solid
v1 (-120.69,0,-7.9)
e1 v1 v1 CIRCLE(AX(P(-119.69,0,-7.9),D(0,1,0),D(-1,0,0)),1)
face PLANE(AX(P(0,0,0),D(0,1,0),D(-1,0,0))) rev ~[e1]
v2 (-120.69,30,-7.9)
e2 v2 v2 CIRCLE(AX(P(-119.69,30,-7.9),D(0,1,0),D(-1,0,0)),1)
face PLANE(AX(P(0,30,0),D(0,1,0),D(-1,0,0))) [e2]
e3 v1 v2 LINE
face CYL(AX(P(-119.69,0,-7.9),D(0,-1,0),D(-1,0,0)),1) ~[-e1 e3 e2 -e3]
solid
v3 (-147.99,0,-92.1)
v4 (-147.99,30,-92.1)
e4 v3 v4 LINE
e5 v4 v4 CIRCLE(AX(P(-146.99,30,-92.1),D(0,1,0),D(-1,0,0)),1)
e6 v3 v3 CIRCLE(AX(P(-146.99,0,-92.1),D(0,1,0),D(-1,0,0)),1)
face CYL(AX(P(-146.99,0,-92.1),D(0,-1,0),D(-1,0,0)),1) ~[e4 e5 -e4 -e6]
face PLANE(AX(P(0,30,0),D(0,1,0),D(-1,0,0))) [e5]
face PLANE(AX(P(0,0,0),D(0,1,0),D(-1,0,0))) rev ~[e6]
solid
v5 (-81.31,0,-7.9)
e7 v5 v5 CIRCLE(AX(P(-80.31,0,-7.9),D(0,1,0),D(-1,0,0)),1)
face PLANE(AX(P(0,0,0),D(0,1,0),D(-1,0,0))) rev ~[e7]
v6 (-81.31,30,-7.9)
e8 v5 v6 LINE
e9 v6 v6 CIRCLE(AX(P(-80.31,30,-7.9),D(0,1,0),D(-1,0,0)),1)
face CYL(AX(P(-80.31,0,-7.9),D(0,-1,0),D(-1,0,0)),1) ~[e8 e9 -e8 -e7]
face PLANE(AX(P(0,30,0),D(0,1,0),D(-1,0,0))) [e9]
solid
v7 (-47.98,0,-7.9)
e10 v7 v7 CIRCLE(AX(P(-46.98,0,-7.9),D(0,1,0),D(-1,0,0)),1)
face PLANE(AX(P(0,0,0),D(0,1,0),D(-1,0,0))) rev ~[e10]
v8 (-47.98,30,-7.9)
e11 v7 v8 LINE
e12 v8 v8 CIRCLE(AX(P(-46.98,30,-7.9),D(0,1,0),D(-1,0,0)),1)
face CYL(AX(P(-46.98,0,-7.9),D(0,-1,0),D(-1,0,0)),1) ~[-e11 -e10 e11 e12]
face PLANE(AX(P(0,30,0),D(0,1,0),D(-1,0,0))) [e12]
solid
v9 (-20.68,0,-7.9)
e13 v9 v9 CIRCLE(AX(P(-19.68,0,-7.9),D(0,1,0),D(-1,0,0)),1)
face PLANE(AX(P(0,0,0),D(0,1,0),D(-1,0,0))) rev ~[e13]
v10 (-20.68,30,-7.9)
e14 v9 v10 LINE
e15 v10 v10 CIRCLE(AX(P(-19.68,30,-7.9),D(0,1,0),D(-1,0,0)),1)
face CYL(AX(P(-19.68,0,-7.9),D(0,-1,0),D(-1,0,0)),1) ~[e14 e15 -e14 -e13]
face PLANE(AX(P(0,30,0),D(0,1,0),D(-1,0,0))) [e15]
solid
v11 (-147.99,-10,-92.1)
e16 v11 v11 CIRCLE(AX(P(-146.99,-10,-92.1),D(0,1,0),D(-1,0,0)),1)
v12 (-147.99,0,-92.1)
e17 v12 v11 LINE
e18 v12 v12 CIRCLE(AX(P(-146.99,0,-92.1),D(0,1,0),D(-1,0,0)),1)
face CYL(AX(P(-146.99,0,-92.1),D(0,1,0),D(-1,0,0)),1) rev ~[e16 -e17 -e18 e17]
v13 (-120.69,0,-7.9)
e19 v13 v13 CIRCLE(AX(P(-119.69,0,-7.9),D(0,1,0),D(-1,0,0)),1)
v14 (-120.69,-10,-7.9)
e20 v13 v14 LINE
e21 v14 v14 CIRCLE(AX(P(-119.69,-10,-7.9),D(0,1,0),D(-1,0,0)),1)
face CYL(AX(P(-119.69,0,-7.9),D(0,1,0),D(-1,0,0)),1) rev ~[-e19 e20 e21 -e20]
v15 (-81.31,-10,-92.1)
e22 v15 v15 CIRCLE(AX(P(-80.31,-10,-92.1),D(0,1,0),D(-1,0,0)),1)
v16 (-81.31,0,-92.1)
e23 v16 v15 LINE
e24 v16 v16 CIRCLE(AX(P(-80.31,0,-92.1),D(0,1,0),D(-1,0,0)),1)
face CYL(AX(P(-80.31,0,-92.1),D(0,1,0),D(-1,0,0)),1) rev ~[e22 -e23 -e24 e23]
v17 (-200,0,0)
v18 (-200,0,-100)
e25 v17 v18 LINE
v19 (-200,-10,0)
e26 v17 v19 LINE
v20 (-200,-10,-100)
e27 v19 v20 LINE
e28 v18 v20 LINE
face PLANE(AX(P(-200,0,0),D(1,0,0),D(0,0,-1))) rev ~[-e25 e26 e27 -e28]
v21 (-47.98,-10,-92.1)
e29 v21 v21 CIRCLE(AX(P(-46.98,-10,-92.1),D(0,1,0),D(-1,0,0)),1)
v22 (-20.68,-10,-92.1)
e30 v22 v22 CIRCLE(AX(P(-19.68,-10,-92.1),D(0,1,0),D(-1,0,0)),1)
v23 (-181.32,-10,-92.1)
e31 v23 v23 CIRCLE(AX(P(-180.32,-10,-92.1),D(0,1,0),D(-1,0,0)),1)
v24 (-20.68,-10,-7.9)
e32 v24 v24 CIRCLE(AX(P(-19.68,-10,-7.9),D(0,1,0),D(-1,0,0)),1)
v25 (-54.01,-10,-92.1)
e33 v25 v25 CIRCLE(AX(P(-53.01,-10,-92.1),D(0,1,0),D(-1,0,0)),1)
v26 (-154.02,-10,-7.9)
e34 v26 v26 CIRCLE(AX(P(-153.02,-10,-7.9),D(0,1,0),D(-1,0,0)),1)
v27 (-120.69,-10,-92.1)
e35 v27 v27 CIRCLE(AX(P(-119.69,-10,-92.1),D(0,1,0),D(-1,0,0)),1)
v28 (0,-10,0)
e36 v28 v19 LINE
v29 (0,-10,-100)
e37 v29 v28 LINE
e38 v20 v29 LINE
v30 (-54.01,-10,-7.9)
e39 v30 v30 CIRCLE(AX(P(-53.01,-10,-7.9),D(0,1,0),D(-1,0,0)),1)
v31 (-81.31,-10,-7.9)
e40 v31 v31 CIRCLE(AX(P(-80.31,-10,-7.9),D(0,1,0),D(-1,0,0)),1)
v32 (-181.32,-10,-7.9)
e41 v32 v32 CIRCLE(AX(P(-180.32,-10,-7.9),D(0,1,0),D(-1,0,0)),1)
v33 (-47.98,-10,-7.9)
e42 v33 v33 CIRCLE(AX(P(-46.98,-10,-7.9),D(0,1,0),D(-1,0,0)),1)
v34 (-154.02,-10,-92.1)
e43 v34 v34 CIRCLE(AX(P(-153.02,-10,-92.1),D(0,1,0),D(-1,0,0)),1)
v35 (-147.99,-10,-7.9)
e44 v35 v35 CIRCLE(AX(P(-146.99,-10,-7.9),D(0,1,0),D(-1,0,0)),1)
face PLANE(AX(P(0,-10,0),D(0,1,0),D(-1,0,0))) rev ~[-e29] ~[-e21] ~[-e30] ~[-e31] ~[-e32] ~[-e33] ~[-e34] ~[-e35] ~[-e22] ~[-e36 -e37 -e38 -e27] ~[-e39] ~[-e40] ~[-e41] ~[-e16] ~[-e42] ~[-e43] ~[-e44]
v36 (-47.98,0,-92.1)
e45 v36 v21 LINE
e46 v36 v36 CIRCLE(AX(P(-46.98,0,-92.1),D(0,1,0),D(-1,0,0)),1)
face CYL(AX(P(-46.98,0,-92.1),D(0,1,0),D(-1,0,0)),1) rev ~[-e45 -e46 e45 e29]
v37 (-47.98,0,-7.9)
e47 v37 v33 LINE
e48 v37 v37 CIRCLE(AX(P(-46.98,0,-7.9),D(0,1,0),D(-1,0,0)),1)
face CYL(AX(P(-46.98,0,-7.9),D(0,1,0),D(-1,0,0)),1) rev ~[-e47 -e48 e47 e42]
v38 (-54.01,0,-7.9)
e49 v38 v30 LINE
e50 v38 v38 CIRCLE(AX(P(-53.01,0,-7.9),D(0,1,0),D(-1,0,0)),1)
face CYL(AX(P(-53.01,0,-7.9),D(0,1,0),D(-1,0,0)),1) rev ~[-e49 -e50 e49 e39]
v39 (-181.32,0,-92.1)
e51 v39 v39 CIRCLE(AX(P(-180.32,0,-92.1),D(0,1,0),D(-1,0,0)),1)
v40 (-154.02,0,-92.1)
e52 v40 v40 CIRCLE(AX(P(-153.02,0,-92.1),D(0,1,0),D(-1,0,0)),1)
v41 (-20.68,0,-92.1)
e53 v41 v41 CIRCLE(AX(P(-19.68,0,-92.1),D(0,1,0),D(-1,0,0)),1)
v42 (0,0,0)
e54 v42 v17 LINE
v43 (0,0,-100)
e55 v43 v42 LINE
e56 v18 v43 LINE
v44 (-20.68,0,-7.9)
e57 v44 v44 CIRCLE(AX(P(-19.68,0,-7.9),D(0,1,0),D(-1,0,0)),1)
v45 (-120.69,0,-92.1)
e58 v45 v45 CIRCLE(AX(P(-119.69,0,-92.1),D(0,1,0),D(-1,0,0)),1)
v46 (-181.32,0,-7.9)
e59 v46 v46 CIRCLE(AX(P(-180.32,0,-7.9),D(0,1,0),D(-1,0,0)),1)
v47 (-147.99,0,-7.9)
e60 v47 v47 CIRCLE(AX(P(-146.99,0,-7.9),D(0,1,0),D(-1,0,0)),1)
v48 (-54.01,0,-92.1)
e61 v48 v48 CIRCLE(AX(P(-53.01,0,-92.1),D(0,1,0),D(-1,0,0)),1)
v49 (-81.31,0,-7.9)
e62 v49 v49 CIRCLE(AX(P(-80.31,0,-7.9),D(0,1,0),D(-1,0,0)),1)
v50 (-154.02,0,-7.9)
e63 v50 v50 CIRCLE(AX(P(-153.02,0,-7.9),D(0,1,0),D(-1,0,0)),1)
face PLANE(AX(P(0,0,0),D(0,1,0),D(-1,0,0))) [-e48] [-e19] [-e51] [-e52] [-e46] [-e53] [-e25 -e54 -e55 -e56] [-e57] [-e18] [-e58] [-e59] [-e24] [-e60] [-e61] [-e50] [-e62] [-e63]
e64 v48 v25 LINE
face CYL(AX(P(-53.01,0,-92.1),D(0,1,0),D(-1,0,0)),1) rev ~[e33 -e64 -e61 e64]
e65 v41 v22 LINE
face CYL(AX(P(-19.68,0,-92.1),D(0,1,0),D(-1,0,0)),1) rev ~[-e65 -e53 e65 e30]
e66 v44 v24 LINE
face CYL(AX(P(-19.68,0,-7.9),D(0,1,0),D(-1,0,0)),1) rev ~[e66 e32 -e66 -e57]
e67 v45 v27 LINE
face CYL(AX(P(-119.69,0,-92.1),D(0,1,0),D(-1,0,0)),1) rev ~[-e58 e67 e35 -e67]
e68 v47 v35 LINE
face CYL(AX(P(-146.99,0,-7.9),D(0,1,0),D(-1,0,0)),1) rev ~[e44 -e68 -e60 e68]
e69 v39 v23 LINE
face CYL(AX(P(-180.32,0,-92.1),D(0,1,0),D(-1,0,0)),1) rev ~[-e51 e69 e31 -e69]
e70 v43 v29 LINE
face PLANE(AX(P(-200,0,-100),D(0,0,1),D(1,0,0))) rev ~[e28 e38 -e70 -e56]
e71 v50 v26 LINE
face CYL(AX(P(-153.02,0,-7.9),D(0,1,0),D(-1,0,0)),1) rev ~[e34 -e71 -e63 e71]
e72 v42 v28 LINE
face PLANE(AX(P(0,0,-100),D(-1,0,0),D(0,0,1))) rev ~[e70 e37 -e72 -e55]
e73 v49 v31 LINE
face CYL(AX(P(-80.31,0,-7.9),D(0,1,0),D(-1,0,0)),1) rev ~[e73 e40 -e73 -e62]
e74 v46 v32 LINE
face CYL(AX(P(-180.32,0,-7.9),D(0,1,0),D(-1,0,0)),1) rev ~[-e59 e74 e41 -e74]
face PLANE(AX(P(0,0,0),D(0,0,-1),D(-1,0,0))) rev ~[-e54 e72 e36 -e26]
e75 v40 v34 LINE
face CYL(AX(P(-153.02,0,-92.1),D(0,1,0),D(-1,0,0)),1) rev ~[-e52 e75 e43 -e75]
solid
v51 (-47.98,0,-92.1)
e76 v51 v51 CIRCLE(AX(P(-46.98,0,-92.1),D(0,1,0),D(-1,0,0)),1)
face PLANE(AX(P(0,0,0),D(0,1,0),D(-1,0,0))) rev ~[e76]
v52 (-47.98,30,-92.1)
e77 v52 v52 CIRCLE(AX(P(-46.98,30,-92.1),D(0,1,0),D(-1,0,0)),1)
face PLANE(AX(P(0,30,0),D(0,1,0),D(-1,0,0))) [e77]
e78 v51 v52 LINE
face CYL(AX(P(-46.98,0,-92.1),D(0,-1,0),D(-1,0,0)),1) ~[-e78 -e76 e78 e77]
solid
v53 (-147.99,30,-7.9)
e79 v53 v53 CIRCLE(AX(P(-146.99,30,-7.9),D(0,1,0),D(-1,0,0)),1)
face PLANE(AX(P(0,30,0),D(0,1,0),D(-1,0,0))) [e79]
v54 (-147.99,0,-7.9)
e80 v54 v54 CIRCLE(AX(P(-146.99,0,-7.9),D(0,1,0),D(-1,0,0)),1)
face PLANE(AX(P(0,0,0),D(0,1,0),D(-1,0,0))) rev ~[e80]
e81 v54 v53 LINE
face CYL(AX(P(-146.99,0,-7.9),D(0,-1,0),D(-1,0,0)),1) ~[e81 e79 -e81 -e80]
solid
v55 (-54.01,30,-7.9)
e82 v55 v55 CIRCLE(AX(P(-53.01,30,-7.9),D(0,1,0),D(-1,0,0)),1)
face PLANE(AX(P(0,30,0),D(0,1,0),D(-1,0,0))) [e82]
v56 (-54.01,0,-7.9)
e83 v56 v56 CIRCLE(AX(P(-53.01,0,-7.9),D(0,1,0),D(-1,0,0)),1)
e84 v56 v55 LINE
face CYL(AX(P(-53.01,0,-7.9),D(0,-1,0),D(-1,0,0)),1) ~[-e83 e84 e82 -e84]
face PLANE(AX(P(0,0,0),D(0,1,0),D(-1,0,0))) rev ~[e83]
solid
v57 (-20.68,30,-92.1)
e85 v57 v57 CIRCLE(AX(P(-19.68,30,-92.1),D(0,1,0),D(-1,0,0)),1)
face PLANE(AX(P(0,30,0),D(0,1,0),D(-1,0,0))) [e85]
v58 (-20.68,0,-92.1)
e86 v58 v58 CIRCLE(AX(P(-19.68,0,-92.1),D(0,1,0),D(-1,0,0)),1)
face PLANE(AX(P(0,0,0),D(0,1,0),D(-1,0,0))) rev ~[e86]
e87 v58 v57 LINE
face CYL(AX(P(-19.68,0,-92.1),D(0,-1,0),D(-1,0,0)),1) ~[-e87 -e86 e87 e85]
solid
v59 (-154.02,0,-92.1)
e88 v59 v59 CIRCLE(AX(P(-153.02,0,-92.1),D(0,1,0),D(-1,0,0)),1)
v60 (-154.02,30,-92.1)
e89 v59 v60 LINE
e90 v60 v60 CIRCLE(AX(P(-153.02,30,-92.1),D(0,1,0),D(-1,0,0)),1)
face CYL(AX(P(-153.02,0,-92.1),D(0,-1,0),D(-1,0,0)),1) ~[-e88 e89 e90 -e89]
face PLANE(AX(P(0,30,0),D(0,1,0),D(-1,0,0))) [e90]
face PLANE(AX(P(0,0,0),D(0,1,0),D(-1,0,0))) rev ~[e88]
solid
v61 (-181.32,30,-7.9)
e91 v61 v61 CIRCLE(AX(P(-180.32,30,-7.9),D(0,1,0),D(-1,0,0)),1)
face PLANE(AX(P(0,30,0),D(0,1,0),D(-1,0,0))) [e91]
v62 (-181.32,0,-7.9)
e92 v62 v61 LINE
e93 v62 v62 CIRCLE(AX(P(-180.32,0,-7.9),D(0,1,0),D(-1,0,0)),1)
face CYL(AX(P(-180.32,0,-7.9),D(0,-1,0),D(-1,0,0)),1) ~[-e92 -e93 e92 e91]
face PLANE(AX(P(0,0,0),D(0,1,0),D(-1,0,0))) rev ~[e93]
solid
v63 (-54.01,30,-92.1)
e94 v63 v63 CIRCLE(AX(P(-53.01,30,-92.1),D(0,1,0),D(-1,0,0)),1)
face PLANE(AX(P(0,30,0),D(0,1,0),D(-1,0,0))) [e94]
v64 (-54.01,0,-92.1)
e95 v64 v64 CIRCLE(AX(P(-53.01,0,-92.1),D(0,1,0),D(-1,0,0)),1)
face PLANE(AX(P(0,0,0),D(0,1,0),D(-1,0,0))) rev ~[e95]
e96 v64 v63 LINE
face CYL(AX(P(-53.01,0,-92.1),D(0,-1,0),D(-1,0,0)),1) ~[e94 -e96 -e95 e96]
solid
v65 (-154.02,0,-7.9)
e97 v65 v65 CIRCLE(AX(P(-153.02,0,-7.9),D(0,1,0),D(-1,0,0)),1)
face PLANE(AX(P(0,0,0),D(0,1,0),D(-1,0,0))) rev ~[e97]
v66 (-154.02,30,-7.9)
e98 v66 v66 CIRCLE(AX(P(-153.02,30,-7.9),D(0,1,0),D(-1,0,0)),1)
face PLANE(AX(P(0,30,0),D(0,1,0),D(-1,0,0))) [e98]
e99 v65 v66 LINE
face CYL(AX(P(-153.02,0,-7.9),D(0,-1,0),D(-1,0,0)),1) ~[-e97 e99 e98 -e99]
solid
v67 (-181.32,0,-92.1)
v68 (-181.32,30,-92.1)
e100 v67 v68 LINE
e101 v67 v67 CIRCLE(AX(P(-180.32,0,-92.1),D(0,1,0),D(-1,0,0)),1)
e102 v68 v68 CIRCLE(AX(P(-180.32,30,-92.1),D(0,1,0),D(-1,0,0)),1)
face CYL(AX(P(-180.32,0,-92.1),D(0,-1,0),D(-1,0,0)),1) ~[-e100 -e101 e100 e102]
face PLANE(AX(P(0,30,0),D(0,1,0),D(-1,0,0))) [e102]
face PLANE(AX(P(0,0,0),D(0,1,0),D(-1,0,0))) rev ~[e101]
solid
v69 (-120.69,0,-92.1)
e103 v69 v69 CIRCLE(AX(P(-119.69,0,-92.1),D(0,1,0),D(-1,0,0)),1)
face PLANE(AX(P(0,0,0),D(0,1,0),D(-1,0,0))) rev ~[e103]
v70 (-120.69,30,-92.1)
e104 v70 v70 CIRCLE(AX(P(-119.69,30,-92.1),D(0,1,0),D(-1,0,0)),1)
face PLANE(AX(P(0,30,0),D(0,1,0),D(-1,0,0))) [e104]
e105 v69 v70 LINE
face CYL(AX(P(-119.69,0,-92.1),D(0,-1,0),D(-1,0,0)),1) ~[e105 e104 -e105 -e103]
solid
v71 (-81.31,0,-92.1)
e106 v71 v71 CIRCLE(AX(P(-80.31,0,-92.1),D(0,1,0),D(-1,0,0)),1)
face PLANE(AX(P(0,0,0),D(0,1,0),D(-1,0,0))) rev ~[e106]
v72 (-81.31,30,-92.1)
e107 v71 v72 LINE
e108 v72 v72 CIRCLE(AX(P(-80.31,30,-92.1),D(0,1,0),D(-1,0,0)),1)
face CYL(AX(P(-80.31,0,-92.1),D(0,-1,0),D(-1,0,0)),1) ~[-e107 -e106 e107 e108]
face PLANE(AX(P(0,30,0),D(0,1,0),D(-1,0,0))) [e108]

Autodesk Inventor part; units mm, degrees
ref_plane "YZ Plane" through (0, 0, 0) normal (1, 0, 0) x (0, 1, 0)
ref_plane "XZ Plane" through (0, 0, 0) normal (0, 1, 0) x (-1, 0, 0)
ref_plane "XY Plane" through (0, 0, 0) normal (0, 0, 1) x (1, 0, 0)
sketch "Sketch1" plane through (0, 0, 0) normal (0, 1, 0) x (-1, 0, 0)
  line L0 (0, 0) -> (200, 0)
  line L1 (200, 0) -> (200, -100)
  line L2 (200, -100) -> (0, -100)
  line L3 (0, -100) -> (0, 0)
  circle A0 centre (19.68, -7.9) radius 1
  circle A1 centre (46.98, -7.9) radius 1
  circle A2 centre (80.31, -7.9) radius 1
  circle A3 centre (53.01, -7.9) radius 1
  circle A4 centre (19.68, -92.1) radius 1
  circle A5 centre (46.98, -92.1) radius 1
  circle A6 centre (80.31, -92.1) radius 1
  circle A7 centre (53.01, -92.1) radius 1
  circle A8 centre (180.32, -7.9) radius 1
  circle A9 centre (153.02, -7.9) radius 1
  circle A10 centre (119.69, -7.9) radius 1
  circle A11 centre (146.99, -7.9) radius 1
  circle A12 centre (119.69, -92.1) radius 1
  circle A13 centre (146.99, -92.1) radius 1
  circle A14 centre (153.02, -92.1) radius 1
  circle A15 centre (180.32, -92.1) radius 1
  point P0 (33.33, 0)
  point P1 (33.33, -7.9)
  dimension "d0" = 200
  dimension "d1" = 100
  dimension "d5" = 2
  dimension "d6" = 2
  dimension "d9" = 2
  dimension "d10" = 2
extrude "Extrusion1" add sketch "Sketch1" along normal blind 30 contours A0 | A1 | A2 | A3
extrude "Extrusion2" add sketch "Sketch1" along normal blind 30 contours A4 | A5 | A6 | A7 | A8 | A9 | A10 | A11 | A12 | A13 | A14 | A15
extrude "Extrusion3" add sketch "Sketch1" against normal blind 10
